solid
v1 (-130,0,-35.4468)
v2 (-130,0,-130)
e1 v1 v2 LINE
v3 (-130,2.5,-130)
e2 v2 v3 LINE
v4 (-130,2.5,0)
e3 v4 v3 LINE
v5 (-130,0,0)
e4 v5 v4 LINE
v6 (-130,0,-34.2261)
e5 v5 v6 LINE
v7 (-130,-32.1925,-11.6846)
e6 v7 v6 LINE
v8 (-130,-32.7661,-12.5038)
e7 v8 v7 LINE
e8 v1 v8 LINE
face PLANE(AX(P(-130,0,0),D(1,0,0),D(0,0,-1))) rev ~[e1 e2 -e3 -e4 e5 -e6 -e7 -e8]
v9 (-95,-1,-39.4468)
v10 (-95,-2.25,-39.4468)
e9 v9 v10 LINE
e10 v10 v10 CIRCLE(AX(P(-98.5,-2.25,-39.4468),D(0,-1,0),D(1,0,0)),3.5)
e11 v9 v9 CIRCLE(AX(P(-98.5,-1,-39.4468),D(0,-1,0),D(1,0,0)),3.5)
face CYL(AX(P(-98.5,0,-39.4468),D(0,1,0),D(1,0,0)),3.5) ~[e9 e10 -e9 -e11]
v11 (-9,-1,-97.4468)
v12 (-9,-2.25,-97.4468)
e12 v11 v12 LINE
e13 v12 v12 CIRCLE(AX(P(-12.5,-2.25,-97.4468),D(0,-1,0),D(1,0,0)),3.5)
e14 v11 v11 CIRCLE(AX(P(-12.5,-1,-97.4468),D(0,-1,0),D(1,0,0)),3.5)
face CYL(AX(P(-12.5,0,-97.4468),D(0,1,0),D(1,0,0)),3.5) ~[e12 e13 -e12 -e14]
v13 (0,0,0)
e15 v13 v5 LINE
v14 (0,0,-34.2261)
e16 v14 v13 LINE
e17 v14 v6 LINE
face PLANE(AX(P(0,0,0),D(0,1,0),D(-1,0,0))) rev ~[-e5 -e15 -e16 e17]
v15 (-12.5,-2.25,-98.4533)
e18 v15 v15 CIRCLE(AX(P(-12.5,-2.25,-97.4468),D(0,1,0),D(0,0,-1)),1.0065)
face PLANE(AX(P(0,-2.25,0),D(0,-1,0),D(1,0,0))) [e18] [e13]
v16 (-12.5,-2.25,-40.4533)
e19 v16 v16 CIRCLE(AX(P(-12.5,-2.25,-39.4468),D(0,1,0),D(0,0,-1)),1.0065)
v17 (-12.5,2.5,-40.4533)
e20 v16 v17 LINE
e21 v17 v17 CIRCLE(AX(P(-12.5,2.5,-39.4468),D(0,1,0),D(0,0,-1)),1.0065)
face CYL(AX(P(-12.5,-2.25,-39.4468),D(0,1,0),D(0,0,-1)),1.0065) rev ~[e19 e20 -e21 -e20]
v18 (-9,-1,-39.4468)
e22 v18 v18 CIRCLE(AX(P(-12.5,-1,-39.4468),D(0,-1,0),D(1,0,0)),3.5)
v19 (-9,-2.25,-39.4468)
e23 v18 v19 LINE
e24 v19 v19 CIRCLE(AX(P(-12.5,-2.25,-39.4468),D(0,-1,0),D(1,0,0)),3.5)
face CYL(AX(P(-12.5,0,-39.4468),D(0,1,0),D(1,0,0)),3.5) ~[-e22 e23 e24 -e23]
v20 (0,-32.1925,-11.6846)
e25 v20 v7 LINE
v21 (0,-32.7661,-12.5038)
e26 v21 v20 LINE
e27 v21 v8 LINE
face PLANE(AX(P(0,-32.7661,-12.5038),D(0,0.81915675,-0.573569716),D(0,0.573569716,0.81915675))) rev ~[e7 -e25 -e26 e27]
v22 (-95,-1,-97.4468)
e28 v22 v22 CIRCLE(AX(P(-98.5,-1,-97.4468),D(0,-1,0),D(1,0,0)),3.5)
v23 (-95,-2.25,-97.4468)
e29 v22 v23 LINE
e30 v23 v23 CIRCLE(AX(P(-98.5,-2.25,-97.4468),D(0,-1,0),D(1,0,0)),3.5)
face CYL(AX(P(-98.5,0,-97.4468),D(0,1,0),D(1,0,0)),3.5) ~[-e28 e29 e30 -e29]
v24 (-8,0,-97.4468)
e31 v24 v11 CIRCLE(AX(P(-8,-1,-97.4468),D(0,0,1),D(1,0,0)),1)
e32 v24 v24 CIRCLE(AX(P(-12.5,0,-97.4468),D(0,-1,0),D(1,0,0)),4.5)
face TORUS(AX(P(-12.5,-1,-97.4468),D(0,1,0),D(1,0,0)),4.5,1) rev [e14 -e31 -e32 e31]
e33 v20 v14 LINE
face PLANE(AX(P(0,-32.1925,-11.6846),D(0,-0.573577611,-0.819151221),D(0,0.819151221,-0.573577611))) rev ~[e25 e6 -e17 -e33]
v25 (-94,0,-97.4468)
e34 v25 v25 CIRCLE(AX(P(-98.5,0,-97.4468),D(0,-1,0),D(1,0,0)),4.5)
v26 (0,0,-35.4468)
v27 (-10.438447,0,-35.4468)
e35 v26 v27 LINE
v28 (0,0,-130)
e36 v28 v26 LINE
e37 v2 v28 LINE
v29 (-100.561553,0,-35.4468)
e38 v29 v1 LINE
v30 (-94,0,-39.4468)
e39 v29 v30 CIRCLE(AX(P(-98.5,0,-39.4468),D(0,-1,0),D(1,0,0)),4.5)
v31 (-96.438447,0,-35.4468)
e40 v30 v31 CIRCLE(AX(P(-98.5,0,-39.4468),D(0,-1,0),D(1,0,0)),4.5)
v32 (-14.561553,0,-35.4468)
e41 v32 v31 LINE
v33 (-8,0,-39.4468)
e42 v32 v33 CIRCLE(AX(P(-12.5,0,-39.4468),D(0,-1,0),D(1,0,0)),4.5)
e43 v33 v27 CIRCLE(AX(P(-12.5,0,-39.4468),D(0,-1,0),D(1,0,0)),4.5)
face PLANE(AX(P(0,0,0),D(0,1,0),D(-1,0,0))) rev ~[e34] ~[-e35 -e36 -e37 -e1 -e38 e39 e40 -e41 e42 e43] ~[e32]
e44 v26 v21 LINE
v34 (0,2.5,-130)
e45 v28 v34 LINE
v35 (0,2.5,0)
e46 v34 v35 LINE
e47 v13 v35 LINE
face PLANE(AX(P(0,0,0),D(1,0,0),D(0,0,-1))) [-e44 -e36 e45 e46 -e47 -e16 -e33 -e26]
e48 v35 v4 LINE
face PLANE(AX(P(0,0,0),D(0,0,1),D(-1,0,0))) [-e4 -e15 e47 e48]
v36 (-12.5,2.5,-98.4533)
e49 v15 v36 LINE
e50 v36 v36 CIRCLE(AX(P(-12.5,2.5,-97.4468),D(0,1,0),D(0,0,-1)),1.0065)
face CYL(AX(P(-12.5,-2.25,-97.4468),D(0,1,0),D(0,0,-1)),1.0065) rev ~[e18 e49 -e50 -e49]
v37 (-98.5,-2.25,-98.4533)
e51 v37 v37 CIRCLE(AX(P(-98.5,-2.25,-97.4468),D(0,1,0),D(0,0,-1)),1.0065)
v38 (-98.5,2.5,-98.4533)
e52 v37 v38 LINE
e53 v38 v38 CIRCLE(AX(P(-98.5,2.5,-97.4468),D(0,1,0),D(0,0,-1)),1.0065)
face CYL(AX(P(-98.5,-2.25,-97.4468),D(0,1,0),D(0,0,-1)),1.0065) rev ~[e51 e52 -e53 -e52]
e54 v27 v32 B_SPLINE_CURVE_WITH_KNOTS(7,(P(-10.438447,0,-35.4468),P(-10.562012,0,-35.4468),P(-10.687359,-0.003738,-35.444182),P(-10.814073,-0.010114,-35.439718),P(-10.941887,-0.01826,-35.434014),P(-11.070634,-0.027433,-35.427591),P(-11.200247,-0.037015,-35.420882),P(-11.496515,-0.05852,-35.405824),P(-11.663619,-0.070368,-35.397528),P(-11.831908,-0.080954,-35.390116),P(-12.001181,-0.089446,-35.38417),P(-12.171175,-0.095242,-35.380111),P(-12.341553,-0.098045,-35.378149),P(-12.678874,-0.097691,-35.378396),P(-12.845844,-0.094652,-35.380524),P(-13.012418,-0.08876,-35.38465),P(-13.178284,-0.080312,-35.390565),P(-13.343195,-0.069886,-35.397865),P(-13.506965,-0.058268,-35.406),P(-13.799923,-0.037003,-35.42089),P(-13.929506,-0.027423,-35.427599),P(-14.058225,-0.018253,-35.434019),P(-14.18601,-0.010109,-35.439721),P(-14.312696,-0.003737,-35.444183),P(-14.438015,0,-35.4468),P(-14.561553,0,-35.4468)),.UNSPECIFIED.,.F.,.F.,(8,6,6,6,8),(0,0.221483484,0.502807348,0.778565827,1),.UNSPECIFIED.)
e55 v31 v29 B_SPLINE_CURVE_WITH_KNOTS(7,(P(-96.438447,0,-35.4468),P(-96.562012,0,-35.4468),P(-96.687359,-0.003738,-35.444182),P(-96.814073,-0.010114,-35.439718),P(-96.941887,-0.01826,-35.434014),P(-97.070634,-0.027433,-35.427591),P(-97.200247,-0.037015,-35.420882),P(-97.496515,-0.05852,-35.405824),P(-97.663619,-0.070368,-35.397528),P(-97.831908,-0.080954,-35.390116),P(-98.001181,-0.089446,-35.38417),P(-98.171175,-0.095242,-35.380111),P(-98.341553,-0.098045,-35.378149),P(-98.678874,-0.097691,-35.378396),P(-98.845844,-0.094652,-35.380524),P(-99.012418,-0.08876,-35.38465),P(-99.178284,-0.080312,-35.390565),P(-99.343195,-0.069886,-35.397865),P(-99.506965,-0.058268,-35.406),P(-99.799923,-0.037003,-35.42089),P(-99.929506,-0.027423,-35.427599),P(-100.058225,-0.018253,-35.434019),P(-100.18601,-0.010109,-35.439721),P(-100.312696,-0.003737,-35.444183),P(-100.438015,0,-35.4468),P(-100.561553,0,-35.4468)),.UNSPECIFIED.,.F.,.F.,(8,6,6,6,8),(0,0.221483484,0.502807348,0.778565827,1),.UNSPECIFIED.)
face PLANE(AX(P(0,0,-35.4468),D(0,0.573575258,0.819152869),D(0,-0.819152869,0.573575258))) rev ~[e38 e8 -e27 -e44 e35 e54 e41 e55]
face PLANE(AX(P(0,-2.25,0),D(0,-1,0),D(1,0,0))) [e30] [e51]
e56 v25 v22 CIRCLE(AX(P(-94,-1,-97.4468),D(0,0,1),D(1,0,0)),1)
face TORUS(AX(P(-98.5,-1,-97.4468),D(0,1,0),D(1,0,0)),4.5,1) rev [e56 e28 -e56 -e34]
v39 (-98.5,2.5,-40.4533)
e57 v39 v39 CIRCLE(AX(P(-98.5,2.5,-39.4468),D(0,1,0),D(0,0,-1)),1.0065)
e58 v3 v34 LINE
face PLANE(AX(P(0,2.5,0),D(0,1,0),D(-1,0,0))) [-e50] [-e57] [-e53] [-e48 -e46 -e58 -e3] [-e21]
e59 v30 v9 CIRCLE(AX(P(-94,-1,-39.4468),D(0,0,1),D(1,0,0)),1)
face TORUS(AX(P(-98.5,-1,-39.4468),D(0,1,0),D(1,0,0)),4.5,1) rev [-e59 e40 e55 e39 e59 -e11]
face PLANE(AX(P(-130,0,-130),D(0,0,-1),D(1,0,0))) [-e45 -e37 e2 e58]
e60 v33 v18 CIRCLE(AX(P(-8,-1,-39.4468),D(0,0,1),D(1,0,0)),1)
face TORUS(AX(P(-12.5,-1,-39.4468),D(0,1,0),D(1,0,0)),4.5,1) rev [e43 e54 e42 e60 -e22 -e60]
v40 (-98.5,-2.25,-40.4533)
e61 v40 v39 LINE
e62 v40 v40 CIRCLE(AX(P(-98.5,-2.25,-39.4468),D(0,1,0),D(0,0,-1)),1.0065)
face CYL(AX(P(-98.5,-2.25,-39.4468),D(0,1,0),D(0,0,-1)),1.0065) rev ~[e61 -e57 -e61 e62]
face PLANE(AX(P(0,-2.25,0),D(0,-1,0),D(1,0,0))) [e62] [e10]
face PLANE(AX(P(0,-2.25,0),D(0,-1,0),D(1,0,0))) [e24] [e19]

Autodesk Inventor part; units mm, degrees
ref_plane "YZ Plane" through (0, 0, 0) normal (1, 0, 0) x (0, 1, 0)
ref_plane "XZ Plane" through (0, 0, 0) normal (0, 1, 0) x (-1, 0, 0)
ref_plane "XY Plane" through (0, 0, 0) normal (0, 0, 1) x (1, 0, 0)
sketch "Sketch1" plane through (0, 0, 0) normal (0, 1, 0) x (-1, 0, 0)
  line L0 (0, 0) -> (130, 0)
  line L1 (130, 0) -> (130, -130)
  line L2 (130, -130) -> (0, -130)
  line L3 (0, -130) -> (0, 0)
  dimension "d0" = 130
  dimension "d1" = 130
extrude "Extrusion1" add sketch "Sketch1" along normal blind 2.5
sketch "Sketch2" plane through (0, 0, 0) normal (0, -1, 0) x (1, 0, 0)
  line L0 (-2.5, -114.4468) -> (-102.5, -114.4468) construction
  line L1 (-102.5, -114.4468) -> (-102.5, -35.4468) construction
  line L2 (-102.5, -35.4468) -> (-2.5, -35.4468) construction
  line L3 (-2.5, -35.4468) -> (-2.5, -114.4468) construction
  line L4 (-12.5, -97.4468) -> (-98.5, -97.4468) construction
  line L5 (-98.5, -97.4468) -> (-98.5, -39.4468) construction
  line L6 (-98.5, -39.4468) -> (-12.5, -39.4468) construction
  line L7 (-12.5, -39.4468) -> (-12.5, -97.4468) construction
  line L8 (0, 0) -> (-130, 0) construction
  line L9 (-130, -130) -> (0, -130) construction
  line L10 (-130, 0) -> (-130, -130) construction
  circle A0 centre (-12.5, -97.4468) radius 3.5
  circle A1 centre (-98.5, -97.4468) radius 3.5
  circle A2 centre (-12.5, -39.4468) radius 3.5
  circle A3 centre (-98.5, -39.4468) radius 3.5
  line L11 (0, -130) -> (0, 0) projected
  line L12 (-91.6778, -53.8) -> (-93.3369, -53.8) construction
  line L13 (-93.3369, -53.8) -> (-93.3369, -76.2) construction
  line L14 (-93.3369, -76.2) -> (-91.6778, -76.2) construction
  line L15 (-91.6778, -76.2) -> (-91.6778, -53.8) construction
  dimension "d4" = 86
  dimension "d5" = 58
  dimension "d6" = 100
  dimension "d7" = 79
  dimension "d8" = 4
  dimension "d9" = 4
  dimension "d10" = 130
  dimension "d13" = 7
  dimension "d14" = 7
  dimension "d15" = 7
  dimension "d16" = 7
  dimension "d27" = 2.5
  dimension "d34" = 22.4
  dimension "d35" = 21.2468
  dimension "d36" = 53.8
extrude "Extrusion2" add sketch "Sketch2" along normal blind 2.25
fillet "Fillet1" radius 1 4 edges at (-16, 0, -97.4468) (-16, 0, -39.4468) (-102, 0, -39.4468) (-102, 0, -97.4468)
sketch "Sketch3" plane through (-12.5, -2.25, -97.4468) normal (0, -1, 0) x (1, 0, 0)
  circle A0 centre (0, 0) radius 3.5 construction
  circle A1 centre (-86, 0) radius 3.5 construction
  circle A2 centre (0, 58) radius 3.5 construction
  circle A3 centre (-86, 58) radius 3.5 construction
  circle A4 centre (0, 0) radius 4.5 construction
  circle A5 centre (-86, 58) radius 3.5 construction
  point P0 (12.5, 97.4468)
  point P1 (0, 58)
  point P2 (-86, 58)
  point P3 (-86, 0)
hole "Hole1" at (-12.5, -2.25, -97.4468) at (-12.5, -2.25, -39.4468) at (-98.5, -2.25, -39.4468) at (-98.5, -2.25, -97.4468) direction (0, 1, 0) diameter 2.013 depth 4.75 thread size "M2.5x0.45" class "6H" standard "ANSI Metric M Profile"
sketch "Sketch4" plane through (0, 0, 0) normal (1, 0, 0) x (0, 0, -1)
  line L0 (130, 0) -> (0, 0) projected
  line L1 (35.4468, 0) -> (1.8296, -48.0104) construction
  line L2 (35.4468, 0) -> (12.5038, -32.7661)
  line L3 (12.5038, -32.7661) -> (11.6846, -32.1925)
  line L4 (11.6846, -32.1925) -> (34.2261, 0)
  line L5 (35.4468, 0) -> (34.2261, 0)
  point P0 (35.4468, 0)
  dimension "d28" = 55
  dimension "d29" = 0
  dimension "d30" = 1
  dimension "d31" = 40
extrude "Extrusion3" add sketch "Sketch4" against normal blind 130
sketch "Sketch5" plane through (0, 2.5, 0) normal (1, 0, 0) x (0, 0, -1)
  line L0 (34.2261, -2.5) -> (11.6846, -34.6925) projected
  point P0 (0, -2.5)
equation "\"d9\" = d8"
equation "\"d14\" = d13"
equation "\"d15\" = d14"
equation "\"d16\" = d15"
equation "\"d36\" = -0.5 * d34 + 0.5 * d10"
properties part number "angle test"
